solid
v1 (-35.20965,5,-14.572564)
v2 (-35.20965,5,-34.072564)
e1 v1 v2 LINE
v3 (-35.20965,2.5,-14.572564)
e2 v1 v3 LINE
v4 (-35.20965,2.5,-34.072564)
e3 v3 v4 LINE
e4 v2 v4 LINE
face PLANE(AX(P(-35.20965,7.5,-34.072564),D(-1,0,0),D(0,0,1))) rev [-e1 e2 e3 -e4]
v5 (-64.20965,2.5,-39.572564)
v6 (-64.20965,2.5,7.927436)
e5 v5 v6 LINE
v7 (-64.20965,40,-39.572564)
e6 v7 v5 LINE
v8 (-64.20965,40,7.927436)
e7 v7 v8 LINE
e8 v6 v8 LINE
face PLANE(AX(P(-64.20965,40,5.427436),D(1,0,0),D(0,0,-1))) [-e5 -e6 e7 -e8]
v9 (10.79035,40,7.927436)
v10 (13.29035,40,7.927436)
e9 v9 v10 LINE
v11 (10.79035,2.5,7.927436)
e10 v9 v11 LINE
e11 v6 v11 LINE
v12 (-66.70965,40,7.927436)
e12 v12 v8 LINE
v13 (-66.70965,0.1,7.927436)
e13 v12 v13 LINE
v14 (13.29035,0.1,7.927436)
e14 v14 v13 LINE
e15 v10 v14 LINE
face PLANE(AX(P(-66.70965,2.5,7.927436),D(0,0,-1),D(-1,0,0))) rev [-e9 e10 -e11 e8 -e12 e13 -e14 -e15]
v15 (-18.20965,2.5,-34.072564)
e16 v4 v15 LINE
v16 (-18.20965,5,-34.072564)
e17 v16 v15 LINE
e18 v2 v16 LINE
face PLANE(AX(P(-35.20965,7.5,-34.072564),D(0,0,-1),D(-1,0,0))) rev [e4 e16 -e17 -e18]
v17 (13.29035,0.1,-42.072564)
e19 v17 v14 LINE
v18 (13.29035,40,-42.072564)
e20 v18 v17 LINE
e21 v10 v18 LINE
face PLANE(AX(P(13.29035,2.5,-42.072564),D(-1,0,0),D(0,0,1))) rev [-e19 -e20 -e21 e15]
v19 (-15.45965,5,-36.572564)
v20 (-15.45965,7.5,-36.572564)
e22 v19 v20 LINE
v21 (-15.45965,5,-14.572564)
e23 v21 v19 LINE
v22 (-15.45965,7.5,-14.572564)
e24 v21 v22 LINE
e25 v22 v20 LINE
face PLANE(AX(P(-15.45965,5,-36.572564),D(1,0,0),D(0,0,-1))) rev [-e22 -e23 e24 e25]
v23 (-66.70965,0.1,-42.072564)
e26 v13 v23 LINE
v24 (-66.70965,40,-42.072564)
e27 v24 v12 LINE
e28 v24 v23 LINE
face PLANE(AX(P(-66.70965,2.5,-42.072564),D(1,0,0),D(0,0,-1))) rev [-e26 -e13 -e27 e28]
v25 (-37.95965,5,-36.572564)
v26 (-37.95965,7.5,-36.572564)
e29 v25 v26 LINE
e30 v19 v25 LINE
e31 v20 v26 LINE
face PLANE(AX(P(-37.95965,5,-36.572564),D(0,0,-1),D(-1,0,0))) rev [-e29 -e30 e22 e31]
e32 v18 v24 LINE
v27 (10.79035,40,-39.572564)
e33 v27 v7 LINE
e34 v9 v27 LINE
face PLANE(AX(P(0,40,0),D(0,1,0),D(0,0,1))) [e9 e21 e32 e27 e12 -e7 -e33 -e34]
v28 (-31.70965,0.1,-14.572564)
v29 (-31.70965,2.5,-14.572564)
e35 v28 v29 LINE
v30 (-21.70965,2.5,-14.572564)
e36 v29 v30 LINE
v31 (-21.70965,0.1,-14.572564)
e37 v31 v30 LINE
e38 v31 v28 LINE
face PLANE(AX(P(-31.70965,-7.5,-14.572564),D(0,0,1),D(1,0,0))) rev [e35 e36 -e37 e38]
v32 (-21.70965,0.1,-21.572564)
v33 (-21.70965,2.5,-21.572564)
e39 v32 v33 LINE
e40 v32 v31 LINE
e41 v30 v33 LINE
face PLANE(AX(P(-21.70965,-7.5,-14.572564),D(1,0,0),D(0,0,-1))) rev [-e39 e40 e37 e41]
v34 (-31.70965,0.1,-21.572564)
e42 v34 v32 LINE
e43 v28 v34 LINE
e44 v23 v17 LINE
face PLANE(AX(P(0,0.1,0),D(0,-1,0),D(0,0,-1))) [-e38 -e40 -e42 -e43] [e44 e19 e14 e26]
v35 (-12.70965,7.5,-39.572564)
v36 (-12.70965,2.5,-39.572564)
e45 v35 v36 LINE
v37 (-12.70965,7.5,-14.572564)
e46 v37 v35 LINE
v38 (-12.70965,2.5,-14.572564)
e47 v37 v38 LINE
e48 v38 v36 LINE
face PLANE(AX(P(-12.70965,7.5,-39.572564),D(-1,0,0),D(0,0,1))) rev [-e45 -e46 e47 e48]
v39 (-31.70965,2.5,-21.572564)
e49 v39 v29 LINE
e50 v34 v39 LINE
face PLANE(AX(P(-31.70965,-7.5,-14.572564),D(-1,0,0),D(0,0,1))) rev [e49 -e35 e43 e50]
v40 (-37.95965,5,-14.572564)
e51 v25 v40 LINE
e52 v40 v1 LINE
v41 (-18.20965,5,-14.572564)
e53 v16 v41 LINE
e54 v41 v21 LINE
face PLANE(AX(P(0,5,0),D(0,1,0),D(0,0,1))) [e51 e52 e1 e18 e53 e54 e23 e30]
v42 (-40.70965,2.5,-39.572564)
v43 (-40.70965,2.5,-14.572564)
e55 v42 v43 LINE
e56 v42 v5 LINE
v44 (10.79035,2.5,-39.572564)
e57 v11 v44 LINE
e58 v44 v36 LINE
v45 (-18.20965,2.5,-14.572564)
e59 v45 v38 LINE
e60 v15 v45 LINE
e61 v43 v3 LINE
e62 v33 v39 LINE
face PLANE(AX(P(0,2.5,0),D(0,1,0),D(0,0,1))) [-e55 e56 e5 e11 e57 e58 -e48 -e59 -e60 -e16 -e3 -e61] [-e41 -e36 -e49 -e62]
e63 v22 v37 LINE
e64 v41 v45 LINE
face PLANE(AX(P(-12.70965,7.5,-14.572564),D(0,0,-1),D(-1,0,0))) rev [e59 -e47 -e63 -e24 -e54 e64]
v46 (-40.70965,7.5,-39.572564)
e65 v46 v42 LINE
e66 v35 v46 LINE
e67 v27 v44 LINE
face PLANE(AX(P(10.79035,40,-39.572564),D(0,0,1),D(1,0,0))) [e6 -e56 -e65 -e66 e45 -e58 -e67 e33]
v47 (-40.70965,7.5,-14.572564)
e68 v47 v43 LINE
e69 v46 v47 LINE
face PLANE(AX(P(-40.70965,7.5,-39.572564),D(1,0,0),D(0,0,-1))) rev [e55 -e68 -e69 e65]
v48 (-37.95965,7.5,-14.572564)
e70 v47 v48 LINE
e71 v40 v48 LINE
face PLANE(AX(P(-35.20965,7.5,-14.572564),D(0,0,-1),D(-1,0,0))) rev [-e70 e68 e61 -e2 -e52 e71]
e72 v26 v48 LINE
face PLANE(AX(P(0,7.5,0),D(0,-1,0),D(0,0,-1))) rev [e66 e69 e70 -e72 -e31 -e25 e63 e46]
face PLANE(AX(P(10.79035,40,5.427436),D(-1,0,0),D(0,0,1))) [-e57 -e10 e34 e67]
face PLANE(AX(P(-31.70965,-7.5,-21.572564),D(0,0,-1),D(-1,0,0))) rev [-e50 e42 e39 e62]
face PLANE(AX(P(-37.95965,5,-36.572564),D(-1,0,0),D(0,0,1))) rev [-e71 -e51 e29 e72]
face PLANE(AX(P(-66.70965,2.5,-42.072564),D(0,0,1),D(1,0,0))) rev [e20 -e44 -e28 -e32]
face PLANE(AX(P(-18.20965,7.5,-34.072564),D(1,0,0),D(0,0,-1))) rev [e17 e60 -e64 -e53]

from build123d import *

# Parameters (mm, degrees)
SKETCH1_W           = 80
SKETCH1_H           = 50
BOSS_EXTRUDE1_DEPTH = 2.5
SKETCH2_W           = 80
SKETCH2_H           = 50
SKETCH2_W_2         = 75
SKETCH2_H_2         = 45
BOSS_EXTRUDE2_DEPTH = 37.5
CUT_EXTRUDE2_DEPTH  = 2.5
SKETCH11_W          = 80
SKETCH11_H          = 50
CUT_EXTRUDE10_DEPTH = 0.1
BOSS_EXTRUDE4_DEPTH = 5
SKETCH8_W           = 10
SKETCH8_H           = 7
CUT_EXTRUDE14_DEPTH = 10
SKETCH15_W          = 75
SKETCH15_H          = 37.5
CUT_EXTRUDE15_DEPTH = 10
SKETCH14_W          = 22.5
SKETCH14_H          = 22
CUT_EXTRUDE16_DEPTH = 2.5


with BuildPart() as part:
    # Sketch1 → Boss-Extrude1 (new body)
    with BuildSketch(Plane(origin=(0, 0, 0), x_dir=(1, 0, 0), z_dir=(0, 1, 0))):
        with Locations((-26.709650323, 17.072563556)):
            Rectangle(SKETCH1_W, SKETCH1_H)
    extrude(amount=BOSS_EXTRUDE1_DEPTH)

    # Sketch2 → Boss-Extrude2 (add)
    with BuildSketch(Plane(origin=(0, 2.5, 0), x_dir=(1, 0, 0), z_dir=(0, 1, 0))):
        with Locations((-26.709650323, 17.072563556)):
            Rectangle(SKETCH2_W, SKETCH2_H)
        with Locations((-26.709650323, 17.072563556)):
            Rectangle(SKETCH2_W_2, SKETCH2_H_2, mode=Mode.SUBTRACT)
    extrude(amount=BOSS_EXTRUDE2_DEPTH)

    # Sketch5 → Cut-Extrude2 (cut)
    with BuildSketch(Plane.XY.offset(7.927436444)):
        with BuildLine():
            Line((-20.404890216, 2.5), (-33.014410429, 2.5))
            ThreePointArc((-33.014410429, 2.5), (-26.709650323, 29), (-20.404890216, 2.5))
        make_face()
    extrude(amount=-CUT_EXTRUDE2_DEPTH, mode=Mode.SUBTRACT)

    # Sketch11 → Cut-Extrude10 (cut)
    with BuildSketch(Plane(origin=(0, 0, 0), x_dir=(-1, 0, 0), z_dir=(0, -1, 0))):
        with Locations((26.709650323, 17.072563556)):
            Rectangle(SKETCH11_W, SKETCH11_H)
    extrude(amount=-CUT_EXTRUDE10_DEPTH, mode=Mode.SUBTRACT)

    # Sketch6 → Boss-Extrude4 (add)
    with BuildSketch(Plane(origin=(0, 2.5, 0), x_dir=(1, 0, 0), z_dir=(0, 1, 0))):
        Polygon((-40.709650323, 39.572563556), (-12.709650323, 39.572563556), (-12.709650323, 14.572563556), (-18.209650323, 14.572563556), (-18.209650323, 34.072563556), (-35.209650323, 34.072563556), (-35.209650323, 14.572563556), (-40.709650323, 14.572563556), align=None)
    extrude(amount=BOSS_EXTRUDE4_DEPTH)

    # Sketch8 → Cut-Extrude14 (cut)
    with BuildSketch(Plane(origin=(0, 2.5, 0), x_dir=(1, 0, 0), z_dir=(0, 1, 0))):
        with Locations((-26.709650323, 18.072563556)):
            Rectangle(SKETCH8_W, SKETCH8_H)
    extrude(amount=-CUT_EXTRUDE14_DEPTH, mode=Mode.SUBTRACT)

    # Sketch15 → Cut-Extrude15 (cut)
    with BuildSketch(Plane(origin=(0, 0, 5.427436444), x_dir=(-1, 0, 0), z_dir=(0, 0, -1))):
        with Locations((26.709650323, 21.25)):
            Rectangle(SKETCH15_W, SKETCH15_H)
    extrude(amount=-CUT_EXTRUDE15_DEPTH, mode=Mode.SUBTRACT)

    # Sketch14 → Cut-Extrude16 (cut)
    with BuildSketch(Plane(origin=(0, 7.5, 0), x_dir=(1, 0, 0), z_dir=(0, 1, 0))):
        with Locations((-26.709650323, 25.572563556)):
            Rectangle(SKETCH14_W, SKETCH14_H)
    extrude(amount=-CUT_EXTRUDE16_DEPTH, mode=Mode.SUBTRACT)


solid = part.part
